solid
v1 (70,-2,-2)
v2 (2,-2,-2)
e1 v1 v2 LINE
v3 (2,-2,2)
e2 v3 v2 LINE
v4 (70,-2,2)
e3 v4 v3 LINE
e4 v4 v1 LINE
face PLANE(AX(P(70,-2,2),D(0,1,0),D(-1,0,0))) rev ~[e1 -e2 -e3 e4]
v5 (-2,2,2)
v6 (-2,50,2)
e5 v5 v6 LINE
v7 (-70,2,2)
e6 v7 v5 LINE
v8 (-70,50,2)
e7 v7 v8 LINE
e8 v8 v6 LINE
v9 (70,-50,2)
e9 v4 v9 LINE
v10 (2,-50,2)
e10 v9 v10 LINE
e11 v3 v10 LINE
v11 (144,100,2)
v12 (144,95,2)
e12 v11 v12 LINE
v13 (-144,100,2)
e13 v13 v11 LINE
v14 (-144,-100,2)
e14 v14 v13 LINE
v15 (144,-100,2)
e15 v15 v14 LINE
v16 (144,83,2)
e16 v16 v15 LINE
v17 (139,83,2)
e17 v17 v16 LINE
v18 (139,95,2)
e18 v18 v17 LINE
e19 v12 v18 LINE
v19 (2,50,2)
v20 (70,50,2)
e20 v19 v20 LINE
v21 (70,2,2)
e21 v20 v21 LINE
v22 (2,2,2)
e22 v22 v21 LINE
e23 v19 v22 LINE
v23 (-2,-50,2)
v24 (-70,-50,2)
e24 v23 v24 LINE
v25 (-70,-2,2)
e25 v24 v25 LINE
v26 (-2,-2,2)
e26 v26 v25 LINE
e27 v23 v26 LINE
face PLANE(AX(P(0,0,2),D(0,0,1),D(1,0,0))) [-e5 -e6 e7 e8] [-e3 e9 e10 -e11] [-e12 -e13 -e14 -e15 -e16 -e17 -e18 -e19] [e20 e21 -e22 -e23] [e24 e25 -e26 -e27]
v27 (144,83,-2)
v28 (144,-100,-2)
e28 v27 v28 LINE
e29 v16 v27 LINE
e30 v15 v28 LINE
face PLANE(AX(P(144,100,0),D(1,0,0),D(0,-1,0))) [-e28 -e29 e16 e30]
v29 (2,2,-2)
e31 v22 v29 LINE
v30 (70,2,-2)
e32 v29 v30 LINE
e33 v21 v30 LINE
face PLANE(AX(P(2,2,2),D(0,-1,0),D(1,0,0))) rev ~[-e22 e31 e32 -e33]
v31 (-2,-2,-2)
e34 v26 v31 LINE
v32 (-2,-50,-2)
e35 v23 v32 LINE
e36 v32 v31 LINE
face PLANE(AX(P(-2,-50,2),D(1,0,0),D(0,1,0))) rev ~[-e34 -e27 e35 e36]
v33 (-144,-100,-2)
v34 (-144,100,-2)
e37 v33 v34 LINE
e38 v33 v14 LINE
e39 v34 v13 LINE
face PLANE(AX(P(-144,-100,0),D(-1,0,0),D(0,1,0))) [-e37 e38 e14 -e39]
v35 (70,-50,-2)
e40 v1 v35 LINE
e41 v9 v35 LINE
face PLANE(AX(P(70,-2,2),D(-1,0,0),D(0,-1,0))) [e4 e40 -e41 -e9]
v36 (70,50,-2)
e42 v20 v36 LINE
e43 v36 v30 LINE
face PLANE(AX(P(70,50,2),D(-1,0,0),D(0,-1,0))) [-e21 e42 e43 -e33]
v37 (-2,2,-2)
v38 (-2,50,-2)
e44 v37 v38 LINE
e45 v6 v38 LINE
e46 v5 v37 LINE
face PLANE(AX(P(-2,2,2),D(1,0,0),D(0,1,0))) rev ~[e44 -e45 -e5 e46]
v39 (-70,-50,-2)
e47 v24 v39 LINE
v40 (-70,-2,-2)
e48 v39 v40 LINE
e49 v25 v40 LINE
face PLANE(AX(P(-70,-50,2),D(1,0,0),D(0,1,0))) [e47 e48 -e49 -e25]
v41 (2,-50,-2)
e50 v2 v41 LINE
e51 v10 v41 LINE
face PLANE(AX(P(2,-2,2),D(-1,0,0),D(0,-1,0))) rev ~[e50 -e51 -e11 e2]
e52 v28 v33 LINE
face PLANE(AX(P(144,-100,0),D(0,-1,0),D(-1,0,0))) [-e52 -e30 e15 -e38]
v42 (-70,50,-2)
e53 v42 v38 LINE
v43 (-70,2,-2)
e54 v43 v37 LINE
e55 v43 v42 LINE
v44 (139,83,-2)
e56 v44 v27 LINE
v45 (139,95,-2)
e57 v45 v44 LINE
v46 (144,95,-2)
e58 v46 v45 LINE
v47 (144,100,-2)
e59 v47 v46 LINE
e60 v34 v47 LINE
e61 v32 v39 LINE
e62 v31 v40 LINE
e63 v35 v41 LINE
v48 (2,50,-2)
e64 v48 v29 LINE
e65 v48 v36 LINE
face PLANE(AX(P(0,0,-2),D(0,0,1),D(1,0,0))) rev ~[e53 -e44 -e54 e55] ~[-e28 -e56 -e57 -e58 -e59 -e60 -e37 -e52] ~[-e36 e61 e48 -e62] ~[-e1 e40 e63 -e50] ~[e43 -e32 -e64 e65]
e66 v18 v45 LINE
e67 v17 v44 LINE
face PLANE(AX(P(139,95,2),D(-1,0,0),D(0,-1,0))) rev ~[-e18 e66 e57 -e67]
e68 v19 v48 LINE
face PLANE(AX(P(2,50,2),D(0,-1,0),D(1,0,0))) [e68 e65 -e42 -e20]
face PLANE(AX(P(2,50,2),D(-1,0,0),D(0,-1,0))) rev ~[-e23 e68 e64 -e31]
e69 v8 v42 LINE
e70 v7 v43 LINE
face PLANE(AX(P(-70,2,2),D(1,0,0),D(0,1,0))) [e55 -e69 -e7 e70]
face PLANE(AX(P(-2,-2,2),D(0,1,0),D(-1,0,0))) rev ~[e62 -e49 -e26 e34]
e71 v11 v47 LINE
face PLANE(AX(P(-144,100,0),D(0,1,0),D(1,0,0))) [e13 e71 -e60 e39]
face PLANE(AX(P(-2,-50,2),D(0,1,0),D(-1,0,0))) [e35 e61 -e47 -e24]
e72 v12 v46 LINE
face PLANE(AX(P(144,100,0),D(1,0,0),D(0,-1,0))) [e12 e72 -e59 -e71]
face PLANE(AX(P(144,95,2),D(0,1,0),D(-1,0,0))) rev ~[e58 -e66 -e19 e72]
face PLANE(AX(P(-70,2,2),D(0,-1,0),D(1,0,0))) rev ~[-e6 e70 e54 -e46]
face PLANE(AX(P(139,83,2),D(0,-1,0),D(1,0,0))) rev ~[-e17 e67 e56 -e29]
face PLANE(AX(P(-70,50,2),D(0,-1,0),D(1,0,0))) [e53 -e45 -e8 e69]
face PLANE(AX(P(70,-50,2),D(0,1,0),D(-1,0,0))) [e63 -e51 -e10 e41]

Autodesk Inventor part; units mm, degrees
ref_plane "YZ Plane" through (0, 0, 0) normal (1, 0, 0) x (0, 1, 0)
ref_plane "XZ Plane" through (0, 0, 0) normal (0, 1, 0) x (-1, 0, 0)
ref_plane "XY Plane" through (0, 0, 0) normal (0, 0, 1) x (1, 0, 0)
sketch "Szkic1" plane through (0, 0, 0) normal (0, 0, 1) x (1, 0, 0)
  line L0 (-144, 100) -> (144, 100)
  line L1 (144, 100) -> (144, -100)
  line L2 (144, -100) -> (-144, -100)
  line L3 (-144, -100) -> (-144, 100)
  line L4 (-144, 100) -> (144, -100) construction
  line L5 (144, 100) -> (-144, -100) construction
  point P0 (0, 0)
  dimension "d0" = 288
  dimension "d1" = 200
extrude "Wyciągnięcie proste1" add sketch "Szkic1" along normal mid plane 4
sketch "Szkic2" plane through (0, 0, 2) normal (0, 0, 1) x (1, 0, 0)
  line L0 (70, -50) -> (-70, -50)
  line L1 (-70, -50) -> (-70, 50)
  line L2 (-70, 50) -> (70, 50)
  line L3 (70, 50) -> (70, -50)
  line L4 (70, -50) -> (-70, 50) construction
  line L5 (-70, -50) -> (70, 50) construction
  line L6 (-2, 50) -> (2, 50)
  line L7 (2, 50) -> (2, -50)
  line L8 (2, -50) -> (-2, -50)
  line L9 (-2, -50) -> (-2, 50)
  line L10 (-70, 2) -> (70, 2)
  line L11 (70, 2) -> (70, -2)
  line L12 (70, -2) -> (-70, -2)
  line L13 (-70, -2) -> (-70, 2)
  line L14 (144, -100) -> (144, 100) projected
  line L15 (144, 95) -> (139, 95)
  line L16 (139, 95) -> (139, 83)
  line L17 (139, 83) -> (144, 83)
  line L18 (144, 83) -> (144, 95)
  line L19 (144, 100) -> (-144, 100) projected
  point P0 (0, 0)
  point P1 (2, -2)
  point P2 (-2, -2)
  point P3 (2, 2)
  point P4 (-2, 2)
  point P5 (144, 83)
  dimension "d4" = 140
  dimension "d5" = 100
  dimension "d6" = 4
  dimension "d7" = 100
  dimension "d8" = 68
  dimension "d9" = 4
  dimension "d10" = 48
  dimension "d13" = 5
  dimension "d14" = 12
  dimension "d15" = 5
extrude "Wyciągnięcie proste2" cut sketch "Szkic2" against normal through all contours L0 L7 L12 L3 | L0 L1 L12 L9 | L10 L7 L2 L3 | L10 L1 L2 L9
extrude "Wyciągnięcie proste3" cut sketch "Szkic2" against normal through all contours L17 L16 L15 L14
properties part number "LeftWall_Window"
